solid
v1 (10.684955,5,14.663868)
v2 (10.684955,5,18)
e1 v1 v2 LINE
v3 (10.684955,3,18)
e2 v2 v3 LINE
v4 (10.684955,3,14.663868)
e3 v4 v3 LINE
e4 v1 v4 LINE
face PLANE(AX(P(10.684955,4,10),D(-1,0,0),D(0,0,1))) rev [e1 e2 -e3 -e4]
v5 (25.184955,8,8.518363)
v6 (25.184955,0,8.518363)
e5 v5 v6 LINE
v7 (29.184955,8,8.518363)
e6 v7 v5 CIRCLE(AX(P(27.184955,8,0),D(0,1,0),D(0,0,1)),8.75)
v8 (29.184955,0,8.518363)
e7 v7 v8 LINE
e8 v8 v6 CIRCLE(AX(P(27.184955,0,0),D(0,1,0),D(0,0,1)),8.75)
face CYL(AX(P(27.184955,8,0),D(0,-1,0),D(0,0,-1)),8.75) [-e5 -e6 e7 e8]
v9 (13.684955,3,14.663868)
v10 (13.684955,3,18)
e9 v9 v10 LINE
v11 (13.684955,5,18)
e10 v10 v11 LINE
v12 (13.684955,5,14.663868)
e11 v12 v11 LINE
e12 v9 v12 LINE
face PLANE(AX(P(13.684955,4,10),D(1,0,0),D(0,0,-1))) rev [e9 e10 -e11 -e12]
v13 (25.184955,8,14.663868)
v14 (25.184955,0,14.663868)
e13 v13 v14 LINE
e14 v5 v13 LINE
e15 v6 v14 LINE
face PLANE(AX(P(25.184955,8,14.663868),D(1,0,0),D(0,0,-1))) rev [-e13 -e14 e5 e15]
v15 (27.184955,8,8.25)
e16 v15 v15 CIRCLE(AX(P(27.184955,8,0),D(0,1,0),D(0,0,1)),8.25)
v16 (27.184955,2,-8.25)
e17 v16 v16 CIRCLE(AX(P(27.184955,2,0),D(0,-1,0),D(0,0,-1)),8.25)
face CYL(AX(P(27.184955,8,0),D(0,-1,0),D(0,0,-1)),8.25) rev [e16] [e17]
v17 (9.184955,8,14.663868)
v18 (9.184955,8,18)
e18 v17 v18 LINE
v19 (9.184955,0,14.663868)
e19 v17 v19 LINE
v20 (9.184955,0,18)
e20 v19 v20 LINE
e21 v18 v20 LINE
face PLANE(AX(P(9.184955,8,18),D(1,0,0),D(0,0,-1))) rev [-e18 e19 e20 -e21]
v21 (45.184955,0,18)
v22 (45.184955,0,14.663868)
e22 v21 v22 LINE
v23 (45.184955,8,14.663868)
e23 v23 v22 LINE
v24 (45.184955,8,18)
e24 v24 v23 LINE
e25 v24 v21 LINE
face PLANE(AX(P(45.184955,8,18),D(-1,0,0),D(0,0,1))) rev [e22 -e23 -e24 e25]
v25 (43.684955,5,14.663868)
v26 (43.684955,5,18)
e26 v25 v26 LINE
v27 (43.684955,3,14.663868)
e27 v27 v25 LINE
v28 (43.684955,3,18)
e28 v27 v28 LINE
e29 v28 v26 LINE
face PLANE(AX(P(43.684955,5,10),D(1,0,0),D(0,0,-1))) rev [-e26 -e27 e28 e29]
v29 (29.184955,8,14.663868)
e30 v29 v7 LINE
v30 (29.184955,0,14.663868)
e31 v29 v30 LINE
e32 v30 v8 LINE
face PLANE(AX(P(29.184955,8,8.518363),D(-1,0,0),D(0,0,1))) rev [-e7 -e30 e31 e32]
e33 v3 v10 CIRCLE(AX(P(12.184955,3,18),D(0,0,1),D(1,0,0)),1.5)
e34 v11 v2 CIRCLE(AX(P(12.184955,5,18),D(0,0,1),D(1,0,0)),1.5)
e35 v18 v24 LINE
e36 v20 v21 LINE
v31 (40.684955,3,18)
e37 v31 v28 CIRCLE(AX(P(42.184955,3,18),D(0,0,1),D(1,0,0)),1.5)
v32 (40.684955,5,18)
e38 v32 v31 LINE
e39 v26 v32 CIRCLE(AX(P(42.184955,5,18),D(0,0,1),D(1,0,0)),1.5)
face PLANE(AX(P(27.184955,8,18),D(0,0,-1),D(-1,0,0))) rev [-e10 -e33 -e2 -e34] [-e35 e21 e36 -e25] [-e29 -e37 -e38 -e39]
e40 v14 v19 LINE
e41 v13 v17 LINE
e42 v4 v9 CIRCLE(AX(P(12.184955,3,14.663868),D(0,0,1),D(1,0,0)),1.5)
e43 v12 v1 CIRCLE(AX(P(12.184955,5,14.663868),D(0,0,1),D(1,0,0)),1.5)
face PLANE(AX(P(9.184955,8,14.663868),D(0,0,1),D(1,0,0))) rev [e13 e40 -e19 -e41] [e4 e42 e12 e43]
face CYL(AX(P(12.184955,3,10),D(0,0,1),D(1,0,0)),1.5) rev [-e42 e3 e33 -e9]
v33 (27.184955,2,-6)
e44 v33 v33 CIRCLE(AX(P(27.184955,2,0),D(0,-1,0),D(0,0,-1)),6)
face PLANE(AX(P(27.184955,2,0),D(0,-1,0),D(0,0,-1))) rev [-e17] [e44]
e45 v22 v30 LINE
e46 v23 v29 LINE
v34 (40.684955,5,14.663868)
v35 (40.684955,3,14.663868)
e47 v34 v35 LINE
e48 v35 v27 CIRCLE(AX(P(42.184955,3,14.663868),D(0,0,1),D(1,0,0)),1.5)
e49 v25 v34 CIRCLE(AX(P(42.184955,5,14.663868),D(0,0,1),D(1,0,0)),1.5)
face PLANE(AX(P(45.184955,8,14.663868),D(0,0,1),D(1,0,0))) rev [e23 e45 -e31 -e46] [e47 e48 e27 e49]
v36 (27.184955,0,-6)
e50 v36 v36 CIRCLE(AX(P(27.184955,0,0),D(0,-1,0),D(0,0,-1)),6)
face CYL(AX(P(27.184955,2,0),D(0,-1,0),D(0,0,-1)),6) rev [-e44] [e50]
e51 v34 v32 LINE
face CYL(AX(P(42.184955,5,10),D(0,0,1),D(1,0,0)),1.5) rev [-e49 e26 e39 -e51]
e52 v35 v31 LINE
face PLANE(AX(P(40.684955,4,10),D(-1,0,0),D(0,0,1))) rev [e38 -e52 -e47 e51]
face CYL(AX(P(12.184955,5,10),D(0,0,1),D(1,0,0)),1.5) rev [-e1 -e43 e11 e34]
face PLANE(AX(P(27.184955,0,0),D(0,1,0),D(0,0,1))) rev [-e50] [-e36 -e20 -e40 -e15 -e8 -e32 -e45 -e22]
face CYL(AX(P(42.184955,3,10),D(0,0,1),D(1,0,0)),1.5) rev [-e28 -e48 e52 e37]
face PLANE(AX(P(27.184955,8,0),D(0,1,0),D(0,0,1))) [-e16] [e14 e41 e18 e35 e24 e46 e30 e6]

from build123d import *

# Parameters (mm, degrees)
SKETCH_1_R          = 8.75
SKETCH_1_R_2        = 8.25
EXTRUDE_2_DEPTH     = 10
SKETCH_2_R          = 8.25
SKETCH_2_R_2        = 2
EXTRUDE_3_DEPTH     = 4
EXTRUDE_4_DEPTH     = 8
SKETCH_5_W          = 3
SKETCH_5_H          = 8
EXTRUDE_5_DEPTH     = 3
SKETCH_6_W          = 3
SKETCH_6_H          = 8
EXTRUDE_6_DEPTH     = 3
SKETCH_7_R          = 1.5
CUT_EXTRUDE_1_DEPTH = 3
FILLET_1_R          = 5
FILLET_3_R          = 2
SKETCH_8_R          = 8.75
SKETCH_8_R_2        = 8.25
EXTRUDE_7_DEPTH     = 8
SKETCH_9_R          = 8.25
SKETCH_9_R_2        = 6
EXTRUDE_8_DEPTH     = 2
EXTRUDE_9_DEPTH     = 8
SKETCH_11_R         = 1.5
CUT_EXTRUDE_2_DEPTH = 8
CUT_EXTRUDE_3_DEPTH = 8
CUT_EXTRUDE_4_DEPTH = 8
SKETCH_14_R         = 8.75
SKETCH_14_R_2       = 8.25
EXTRUDE_10_DEPTH    = 8
EXTRUDE_11_DEPTH    = 8
SKETCH_16_R         = 1.5
CUT_EXTRUDE_5_DEPTH = 8
CUT_EXTRUDE_6_DEPTH = 10
CUT_EXTRUDE_7_DEPTH = 10


with BuildPart() as part:
    # 草图1 → 凸台-拉伸2 (new body)
    with BuildSketch(Plane(origin=(0, 0, 0), x_dir=(1, 0, 0), z_dir=(0, 1, 0))):
        Circle(SKETCH_1_R)
        Circle(SKETCH_1_R_2, mode=Mode.SUBTRACT)
    extrude(amount=EXTRUDE_2_DEPTH)

    # 草图2 → 凸台-拉伸3 (add)
    with BuildSketch(Plane(origin=(0, 0, 0), x_dir=(1, 0, 0), z_dir=(0, 1, 0))):
        Circle(SKETCH_2_R)
        Circle(SKETCH_2_R_2, mode=Mode.SUBTRACT)
    extrude(amount=EXTRUDE_3_DEPTH)

    # 草图3 → 凸台-拉伸4 (add)
    with BuildSketch(Plane(origin=(0, 0, 0), x_dir=(1, 0, 0), z_dir=(0, 1, 0))):
        Polygon((-2, 8.518362519), (2, 8.518362519), (2, 15), (15, 15), (15, 18), (2, 18), (-2, 18), (-15, 18), (-15, 15), (-2, 15), align=None)
    extrude(amount=EXTRUDE_4_DEPTH)

    # 草图5 → 凸台-拉伸5 (add)
    with BuildSketch(Plane(origin=(15, 0, 0), x_dir=(0, 0, -1), z_dir=(1, 0, 0))):
        with Locations((16.5, 4)):
            Rectangle(SKETCH_5_W, SKETCH_5_H)
    extrude(amount=EXTRUDE_5_DEPTH)

    # 草图6 → 凸台-拉伸6 (add)
    with BuildSketch(Plane.ZY.offset(15)):
        with Locations((-16.5, 4)):
            Rectangle(SKETCH_6_W, SKETCH_6_H)
    extrude(amount=EXTRUDE_6_DEPTH)

    # 草图7 → 切除-拉伸1 (cut)
    with BuildSketch(Plane(origin=(0, 0, -18), x_dir=(-1, 0, 0), z_dir=(0, 0, -1))):
        with Locations((-15, 3.754021035)):
            Circle(SKETCH_7_R)
    cut_extrude_1 = extrude(amount=-CUT_EXTRUDE_1_DEPTH, mode=Mode.SUBTRACT)

    # 镜向1: 切除-拉伸1 across plane
    add(cut_extrude_1.mirror(Plane(origin=(0, 0, 0), x_dir=(0, 0, 1), z_dir=(1, 0, 0))), mode=Mode.SUBTRACT)

    # 圆角1
    fillet_1_edges = [part.edges().sort_by_distance(p)[0] for p in [
        (-2, 4, -8.518362519),
        (2, 4, -8.518362519),
    ]]
    fillet(fillet_1_edges, radius=FILLET_1_R)

    # 圆角3
    fillet_3_edges = [part.edges().sort_by_distance(p)[0] for p in [
        (-2, 4, -15),
        (2, 4, -15),
    ]]
    fillet(fillet_3_edges, radius=FILLET_3_R)

    # 草图17 → 切除-拉伸6 (cut)
    with BuildSketch(Plane(origin=(0, 0, 0), x_dir=(1, 0, 0), z_dir=(0, 1, 0))):
        Polygon((-27.724622817, 21.69601187), (-7.349237756, -14.338233932), (7.177657148, -11.696980313), (13.592130223, 5.659829184), (24.157144699, 16.036182687), (2.467165325, 27.553795746), (0, 27.553795746), align=None)
    extrude(amount=CUT_EXTRUDE_6_DEPTH, mode=Mode.SUBTRACT)


with BuildPart() as body_2:
    # 草图8 → 凸台-拉伸7 (new body)
    with BuildSketch(Plane(origin=(0, 0, 0), x_dir=(1, 0, 0), z_dir=(0, 1, 0))):
        with Locations((27.184954533, 0)):
            Circle(SKETCH_8_R)
        with Locations((27.184954533, 0)):
            Circle(SKETCH_8_R_2, mode=Mode.SUBTRACT)
    extrude(amount=EXTRUDE_7_DEPTH)

    # 草图9 → 凸台-拉伸8 (add)
    with BuildSketch(Plane.XZ):
        with Locations((27.184954533, 0)):
            Circle(SKETCH_9_R)
        with Locations((27.184954533, 0)):
            Circle(SKETCH_9_R_2, mode=Mode.SUBTRACT)
    extrude(amount=-EXTRUDE_8_DEPTH)

    # 草图10 → 凸台-拉伸9 (add)
    with BuildSketch(Plane(origin=(0, 0, 0), x_dir=(1, 0, 0), z_dir=(0, 1, 0))):
        Polygon((27.184954533, -18), (45.184954533, -18), (45.184954533, -14.663867829), (29.184954533, -14.663867829), (29.184954533, -8.518362519), (25.184954533, -8.518362519), (25.184954533, -14.663867829), (9.184954533, -14.663867829), (9.184954533, -18), align=None)
    extrude(amount=EXTRUDE_9_DEPTH)

    # 草图11 → 切除-拉伸2 (cut)
    with BuildSketch(Plane.XY.offset(18)):
        with Locations((12.184954533, 4)):
            Circle(SKETCH_11_R)
        with Locations((42.184954533, 4)):
            Circle(SKETCH_11_R)
    extrude(amount=-CUT_EXTRUDE_2_DEPTH, mode=Mode.SUBTRACT)

    # 草图12 → 切除-拉伸3 (cut)
    with BuildSketch(Plane.XY.offset(18)):
        with BuildLine():
            Line((10.684954533, 4), (10.684954533, 5))
            ThreePointArc((10.684954533, 5), (12.184954533, 6.5), (13.684954533, 5))
            Line((13.684954533, 5), (13.684954533, 4))
            Line((13.684954533, 4), (13.684954533, 3))
            ThreePointArc((13.684954533, 3), (12.184954533, 1.5), (10.684954533, 3))
            Line((10.684954533, 3), (10.684954533, 4))
        make_face()
    extrude(amount=-CUT_EXTRUDE_3_DEPTH, mode=Mode.SUBTRACT)

    # 草图13 → 切除-拉伸4 (cut)
    with BuildSketch(Plane.XY.offset(18)):
        with BuildLine():
            Line((40.684954533, 4), (40.684954533, 5))
            ThreePointArc((40.684954533, 5), (42.184954533, 6.5), (43.684954533, 5))
            Line((43.684954533, 5), (43.684954533, 4))
            Line((43.684954533, 4), (43.684954533, 3))
            ThreePointArc((43.684954533, 3), (42.184954533, 1.5), (40.684954533, 3))
            Line((40.684954533, 3), (40.684954533, 4))
        make_face()
    extrude(amount=-CUT_EXTRUDE_4_DEPTH, mode=Mode.SUBTRACT)


with BuildPart() as body_3:
    # 草图14 → 凸台-拉伸10 (new body)
    with BuildSketch(Plane(origin=(0, 0, 0), x_dir=(1, 0, 0), z_dir=(0, 1, 0))):
        with Locations((-35.091635024, 0)):
            Circle(SKETCH_14_R)
        with Locations((-35.091635024, 0)):
            Circle(SKETCH_14_R_2, mode=Mode.SUBTRACT)
    extrude(amount=EXTRUDE_10_DEPTH)

    # 草图15 → 凸台-拉伸11 (add)
    with BuildSketch(Plane(origin=(0, 0, 0), x_dir=(1, 0, 0), z_dir=(0, 1, 0))):
        Polygon((-37.091635024, -15), (-37.091635024, -8.518362519), (-33.091635024, -8.518362519), (-33.091635024, -15), (-17.091635024, -15), (-17.091635024, -18), (-53.091635024, -18), (-53.091635024, -15), align=None)
    extrude(amount=EXTRUDE_11_DEPTH)

    # 草图16 → 切除-拉伸5 (cut)
    with BuildSketch(Plane.XY.offset(18)):
        with Locations((-50.091635024, 4)):
            Circle(SKETCH_16_R)
        with Locations((-20.091635024, 4)):
            Circle(SKETCH_16_R)
    extrude(amount=-CUT_EXTRUDE_5_DEPTH, mode=Mode.SUBTRACT)

    # 草图18 → 切除-拉伸7 (cut)
    with BuildSketch(Plane(origin=(0, 0, 0), x_dir=(1, 0, 0), z_dir=(0, 1, 0))):
        Polygon((-5.334341173, 26.542566247), (-7.107938045, -29.653340051), (-79.00930818, -22.653952159), (-79.00930818, -19.085416228), (-48.199741002, 26.542566247), align=None)
    extrude(amount=CUT_EXTRUDE_7_DEPTH, mode=Mode.SUBTRACT)


solid = body_2.part
